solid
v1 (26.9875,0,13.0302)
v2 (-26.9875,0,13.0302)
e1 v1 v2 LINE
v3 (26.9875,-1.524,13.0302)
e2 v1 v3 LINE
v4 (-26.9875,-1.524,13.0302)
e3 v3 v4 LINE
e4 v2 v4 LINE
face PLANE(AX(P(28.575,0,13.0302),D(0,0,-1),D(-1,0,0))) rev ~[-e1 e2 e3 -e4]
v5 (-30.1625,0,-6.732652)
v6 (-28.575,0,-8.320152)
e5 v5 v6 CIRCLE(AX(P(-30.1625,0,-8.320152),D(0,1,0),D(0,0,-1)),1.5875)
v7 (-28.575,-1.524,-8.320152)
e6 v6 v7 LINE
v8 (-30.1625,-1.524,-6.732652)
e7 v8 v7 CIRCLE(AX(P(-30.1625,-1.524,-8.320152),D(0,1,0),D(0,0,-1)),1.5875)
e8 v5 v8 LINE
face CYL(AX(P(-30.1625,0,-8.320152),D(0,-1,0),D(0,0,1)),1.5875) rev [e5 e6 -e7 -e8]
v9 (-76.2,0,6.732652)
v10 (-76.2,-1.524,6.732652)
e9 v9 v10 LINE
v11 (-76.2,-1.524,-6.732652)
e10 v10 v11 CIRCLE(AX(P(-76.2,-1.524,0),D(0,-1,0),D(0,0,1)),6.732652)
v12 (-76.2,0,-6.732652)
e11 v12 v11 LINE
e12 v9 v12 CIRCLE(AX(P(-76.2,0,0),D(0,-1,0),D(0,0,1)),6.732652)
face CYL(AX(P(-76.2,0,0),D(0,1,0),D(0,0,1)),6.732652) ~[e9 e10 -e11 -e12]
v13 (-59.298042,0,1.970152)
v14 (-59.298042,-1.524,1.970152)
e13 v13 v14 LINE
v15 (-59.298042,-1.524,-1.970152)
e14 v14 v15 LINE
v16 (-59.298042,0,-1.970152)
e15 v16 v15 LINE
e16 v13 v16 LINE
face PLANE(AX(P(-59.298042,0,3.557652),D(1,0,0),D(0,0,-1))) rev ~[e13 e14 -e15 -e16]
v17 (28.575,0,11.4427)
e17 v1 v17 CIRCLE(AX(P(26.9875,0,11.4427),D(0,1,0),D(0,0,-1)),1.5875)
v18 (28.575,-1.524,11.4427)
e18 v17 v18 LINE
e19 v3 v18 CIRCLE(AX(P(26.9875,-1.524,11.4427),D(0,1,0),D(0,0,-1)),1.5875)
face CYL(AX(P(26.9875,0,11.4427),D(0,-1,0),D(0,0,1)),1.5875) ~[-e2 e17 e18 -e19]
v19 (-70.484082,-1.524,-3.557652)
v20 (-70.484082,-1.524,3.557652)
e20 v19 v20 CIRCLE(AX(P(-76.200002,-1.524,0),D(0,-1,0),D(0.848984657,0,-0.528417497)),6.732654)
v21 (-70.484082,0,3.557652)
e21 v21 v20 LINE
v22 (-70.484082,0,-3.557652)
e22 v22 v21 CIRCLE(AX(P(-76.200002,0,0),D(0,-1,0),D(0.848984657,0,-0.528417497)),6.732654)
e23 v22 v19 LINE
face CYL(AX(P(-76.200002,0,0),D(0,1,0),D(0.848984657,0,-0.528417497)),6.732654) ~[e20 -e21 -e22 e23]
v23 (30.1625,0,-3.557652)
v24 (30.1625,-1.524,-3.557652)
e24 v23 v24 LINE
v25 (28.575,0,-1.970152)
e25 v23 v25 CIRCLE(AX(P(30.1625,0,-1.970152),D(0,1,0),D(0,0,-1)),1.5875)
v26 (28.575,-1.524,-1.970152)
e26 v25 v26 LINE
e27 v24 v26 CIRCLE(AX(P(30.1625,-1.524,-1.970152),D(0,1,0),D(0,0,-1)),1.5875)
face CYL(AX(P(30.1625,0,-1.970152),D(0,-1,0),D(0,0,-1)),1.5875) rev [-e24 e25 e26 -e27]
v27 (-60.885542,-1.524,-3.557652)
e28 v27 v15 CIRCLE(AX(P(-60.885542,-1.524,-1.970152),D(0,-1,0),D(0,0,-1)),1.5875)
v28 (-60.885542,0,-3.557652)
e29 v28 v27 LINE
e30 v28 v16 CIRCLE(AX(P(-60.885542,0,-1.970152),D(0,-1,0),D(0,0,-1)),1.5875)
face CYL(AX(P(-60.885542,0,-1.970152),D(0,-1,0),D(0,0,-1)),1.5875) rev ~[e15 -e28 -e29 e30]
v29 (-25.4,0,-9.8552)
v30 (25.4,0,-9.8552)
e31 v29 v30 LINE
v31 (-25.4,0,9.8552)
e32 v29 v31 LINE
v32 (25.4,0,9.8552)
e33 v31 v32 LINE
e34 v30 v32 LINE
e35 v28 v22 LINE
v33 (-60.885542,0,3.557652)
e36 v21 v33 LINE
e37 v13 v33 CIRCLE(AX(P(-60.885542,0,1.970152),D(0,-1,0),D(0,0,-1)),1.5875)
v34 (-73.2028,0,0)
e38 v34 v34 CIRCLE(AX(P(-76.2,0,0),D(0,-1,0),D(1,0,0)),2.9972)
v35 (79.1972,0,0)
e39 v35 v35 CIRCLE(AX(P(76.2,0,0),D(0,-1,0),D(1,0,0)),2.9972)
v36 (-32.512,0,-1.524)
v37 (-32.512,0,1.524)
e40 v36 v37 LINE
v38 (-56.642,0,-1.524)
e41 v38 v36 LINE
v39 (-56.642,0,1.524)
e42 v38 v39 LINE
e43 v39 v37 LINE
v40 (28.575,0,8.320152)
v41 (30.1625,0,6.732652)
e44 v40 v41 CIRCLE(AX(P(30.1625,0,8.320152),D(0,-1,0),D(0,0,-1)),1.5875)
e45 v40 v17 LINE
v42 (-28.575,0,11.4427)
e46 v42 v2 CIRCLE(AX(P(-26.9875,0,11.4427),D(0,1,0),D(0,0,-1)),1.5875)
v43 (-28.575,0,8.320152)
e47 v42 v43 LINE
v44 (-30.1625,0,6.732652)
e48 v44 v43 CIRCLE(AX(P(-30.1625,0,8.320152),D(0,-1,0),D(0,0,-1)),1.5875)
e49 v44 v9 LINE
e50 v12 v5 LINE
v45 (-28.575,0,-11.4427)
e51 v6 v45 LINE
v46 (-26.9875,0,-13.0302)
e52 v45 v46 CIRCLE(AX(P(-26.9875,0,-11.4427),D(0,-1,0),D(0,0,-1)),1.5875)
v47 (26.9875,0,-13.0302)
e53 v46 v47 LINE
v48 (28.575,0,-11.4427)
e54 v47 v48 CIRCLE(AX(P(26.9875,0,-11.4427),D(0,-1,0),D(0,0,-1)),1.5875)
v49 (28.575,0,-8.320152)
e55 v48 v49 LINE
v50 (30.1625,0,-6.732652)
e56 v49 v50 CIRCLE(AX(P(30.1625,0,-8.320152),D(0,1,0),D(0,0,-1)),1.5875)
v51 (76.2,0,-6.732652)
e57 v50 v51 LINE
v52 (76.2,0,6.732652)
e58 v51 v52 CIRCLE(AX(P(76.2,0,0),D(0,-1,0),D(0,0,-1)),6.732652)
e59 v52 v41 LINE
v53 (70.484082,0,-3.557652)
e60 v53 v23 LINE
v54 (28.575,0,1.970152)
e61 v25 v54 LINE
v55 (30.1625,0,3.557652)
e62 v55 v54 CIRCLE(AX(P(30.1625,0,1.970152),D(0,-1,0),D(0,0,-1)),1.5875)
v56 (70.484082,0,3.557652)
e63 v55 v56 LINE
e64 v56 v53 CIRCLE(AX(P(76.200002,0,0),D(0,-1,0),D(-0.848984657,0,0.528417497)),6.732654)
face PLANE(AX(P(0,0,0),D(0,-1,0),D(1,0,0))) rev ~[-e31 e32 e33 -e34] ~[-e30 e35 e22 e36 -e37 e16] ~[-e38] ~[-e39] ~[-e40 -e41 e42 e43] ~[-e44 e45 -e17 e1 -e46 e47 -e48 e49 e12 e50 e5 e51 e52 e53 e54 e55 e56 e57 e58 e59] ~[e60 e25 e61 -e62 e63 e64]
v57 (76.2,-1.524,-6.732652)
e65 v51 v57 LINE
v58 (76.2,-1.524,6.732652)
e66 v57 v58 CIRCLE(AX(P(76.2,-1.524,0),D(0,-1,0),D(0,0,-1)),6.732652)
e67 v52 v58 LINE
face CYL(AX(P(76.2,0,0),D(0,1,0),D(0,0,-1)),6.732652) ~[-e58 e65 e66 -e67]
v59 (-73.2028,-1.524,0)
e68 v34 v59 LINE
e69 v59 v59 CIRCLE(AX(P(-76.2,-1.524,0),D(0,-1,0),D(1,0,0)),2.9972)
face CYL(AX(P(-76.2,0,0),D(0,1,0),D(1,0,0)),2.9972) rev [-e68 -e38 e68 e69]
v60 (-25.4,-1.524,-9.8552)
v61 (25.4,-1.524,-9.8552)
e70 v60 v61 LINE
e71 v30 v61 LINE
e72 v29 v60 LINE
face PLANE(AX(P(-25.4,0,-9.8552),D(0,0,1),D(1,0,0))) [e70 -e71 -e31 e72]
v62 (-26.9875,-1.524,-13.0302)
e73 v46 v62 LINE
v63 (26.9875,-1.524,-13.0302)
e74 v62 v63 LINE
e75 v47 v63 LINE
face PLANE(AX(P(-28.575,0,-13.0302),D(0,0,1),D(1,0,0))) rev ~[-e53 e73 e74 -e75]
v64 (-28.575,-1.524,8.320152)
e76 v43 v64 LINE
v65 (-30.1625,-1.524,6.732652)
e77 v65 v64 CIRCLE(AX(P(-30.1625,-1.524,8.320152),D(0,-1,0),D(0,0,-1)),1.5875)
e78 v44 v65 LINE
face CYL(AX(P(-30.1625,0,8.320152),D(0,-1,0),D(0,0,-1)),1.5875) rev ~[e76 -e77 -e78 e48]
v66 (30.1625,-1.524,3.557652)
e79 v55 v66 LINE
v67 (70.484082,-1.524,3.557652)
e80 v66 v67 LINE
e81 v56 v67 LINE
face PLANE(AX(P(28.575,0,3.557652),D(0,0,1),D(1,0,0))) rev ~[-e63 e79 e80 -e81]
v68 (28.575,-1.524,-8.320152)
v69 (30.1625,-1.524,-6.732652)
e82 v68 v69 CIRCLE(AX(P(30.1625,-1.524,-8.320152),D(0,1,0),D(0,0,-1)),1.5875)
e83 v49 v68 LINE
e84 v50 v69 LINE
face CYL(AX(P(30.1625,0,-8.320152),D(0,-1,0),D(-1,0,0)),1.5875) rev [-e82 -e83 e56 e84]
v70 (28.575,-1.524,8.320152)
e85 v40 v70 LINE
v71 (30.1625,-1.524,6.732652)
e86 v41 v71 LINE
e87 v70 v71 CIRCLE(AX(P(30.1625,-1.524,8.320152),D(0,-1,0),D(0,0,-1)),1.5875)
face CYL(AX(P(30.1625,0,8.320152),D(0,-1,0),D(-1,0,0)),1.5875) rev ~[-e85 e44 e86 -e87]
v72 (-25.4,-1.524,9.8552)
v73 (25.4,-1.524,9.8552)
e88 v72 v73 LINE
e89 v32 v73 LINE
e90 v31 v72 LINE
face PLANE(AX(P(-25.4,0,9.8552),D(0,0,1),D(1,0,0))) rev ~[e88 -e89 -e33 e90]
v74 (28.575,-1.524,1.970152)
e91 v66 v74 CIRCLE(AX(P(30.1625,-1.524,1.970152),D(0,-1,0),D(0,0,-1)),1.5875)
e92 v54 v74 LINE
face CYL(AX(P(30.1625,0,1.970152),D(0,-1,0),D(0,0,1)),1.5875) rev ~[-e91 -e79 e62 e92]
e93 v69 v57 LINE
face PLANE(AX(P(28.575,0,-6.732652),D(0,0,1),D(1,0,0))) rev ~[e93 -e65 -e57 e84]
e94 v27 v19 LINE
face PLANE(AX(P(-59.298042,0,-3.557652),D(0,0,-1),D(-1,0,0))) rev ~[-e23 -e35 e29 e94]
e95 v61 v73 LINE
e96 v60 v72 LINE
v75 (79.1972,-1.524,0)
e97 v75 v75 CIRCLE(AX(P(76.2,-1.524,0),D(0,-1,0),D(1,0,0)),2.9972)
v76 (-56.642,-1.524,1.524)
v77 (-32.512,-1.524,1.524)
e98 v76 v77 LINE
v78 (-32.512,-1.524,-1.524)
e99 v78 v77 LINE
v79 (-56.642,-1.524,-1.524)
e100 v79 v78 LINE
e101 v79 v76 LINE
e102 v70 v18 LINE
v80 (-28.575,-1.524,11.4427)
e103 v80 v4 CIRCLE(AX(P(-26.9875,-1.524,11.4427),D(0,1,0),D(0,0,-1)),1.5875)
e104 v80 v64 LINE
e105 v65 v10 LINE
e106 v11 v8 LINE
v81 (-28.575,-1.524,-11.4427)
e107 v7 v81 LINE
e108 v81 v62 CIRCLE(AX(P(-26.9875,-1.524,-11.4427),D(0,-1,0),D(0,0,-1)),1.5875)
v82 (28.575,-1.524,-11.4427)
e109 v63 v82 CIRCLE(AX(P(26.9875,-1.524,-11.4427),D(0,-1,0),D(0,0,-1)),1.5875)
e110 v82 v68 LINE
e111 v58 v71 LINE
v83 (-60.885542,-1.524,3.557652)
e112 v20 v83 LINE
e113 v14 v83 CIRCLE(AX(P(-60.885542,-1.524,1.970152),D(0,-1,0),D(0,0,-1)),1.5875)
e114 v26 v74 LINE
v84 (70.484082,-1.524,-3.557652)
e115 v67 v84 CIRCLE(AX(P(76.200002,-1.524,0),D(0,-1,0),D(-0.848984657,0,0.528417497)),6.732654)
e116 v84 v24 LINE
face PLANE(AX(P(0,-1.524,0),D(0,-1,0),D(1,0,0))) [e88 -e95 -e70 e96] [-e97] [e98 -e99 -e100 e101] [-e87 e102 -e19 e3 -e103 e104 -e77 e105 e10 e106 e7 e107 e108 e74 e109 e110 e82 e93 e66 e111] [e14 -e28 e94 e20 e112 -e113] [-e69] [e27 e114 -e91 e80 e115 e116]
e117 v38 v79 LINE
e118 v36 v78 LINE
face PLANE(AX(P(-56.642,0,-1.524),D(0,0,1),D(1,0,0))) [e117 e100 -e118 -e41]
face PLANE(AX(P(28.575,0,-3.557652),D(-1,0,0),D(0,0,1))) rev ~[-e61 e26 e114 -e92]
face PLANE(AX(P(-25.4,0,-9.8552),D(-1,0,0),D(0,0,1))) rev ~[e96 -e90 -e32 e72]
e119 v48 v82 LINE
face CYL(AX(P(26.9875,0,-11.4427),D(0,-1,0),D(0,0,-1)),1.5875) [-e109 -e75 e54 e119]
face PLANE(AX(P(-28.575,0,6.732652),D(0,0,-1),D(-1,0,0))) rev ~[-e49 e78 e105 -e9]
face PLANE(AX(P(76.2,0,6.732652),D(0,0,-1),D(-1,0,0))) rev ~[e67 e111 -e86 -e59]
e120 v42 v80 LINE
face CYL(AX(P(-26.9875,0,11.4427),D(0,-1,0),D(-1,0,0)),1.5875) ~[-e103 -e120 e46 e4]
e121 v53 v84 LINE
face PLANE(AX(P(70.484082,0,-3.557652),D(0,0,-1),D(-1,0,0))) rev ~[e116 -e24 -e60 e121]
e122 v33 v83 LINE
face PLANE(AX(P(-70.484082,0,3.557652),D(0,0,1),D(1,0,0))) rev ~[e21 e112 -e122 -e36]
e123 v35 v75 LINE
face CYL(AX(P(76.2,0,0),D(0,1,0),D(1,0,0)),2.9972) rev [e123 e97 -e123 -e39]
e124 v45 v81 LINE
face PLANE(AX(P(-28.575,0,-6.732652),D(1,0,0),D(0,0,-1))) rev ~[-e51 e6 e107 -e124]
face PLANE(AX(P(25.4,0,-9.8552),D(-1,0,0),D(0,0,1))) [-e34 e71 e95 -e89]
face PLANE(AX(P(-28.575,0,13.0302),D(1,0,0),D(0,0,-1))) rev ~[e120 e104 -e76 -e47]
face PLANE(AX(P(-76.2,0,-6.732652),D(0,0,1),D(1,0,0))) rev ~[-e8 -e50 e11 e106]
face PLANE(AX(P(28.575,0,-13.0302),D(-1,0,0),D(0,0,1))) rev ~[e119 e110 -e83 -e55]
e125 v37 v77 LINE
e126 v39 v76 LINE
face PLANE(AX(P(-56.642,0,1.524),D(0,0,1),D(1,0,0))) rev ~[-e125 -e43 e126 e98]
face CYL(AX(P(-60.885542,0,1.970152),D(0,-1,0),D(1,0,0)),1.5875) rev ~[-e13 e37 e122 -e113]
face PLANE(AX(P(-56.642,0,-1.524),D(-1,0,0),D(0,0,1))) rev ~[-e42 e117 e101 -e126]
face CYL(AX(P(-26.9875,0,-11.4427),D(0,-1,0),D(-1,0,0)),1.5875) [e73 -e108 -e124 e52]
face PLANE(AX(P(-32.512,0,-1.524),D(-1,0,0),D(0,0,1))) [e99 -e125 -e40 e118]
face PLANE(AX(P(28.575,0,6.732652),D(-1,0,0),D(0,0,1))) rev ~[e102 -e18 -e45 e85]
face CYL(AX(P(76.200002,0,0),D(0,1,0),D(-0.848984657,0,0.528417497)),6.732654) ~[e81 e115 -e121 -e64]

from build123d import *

# Parameters (mm, degrees)
F0_R     = 2.9972
F0_W     = 24.13
F0_H     = 3.048
F0_W_2   = 50.8
F0_H_2   = 19.7104
F1_DEPTH = 1.524
F2_R     = 1.5875


with BuildPart() as f1:
    # F0 (on Front) → F1 (new body)
    with BuildSketch(Plane.XZ):
        with BuildLine():
            ThreePointArc((-76.2, 6.732652), (-82.932652, 0), (-76.2, -6.732652))
            Line((-76.2, -6.732652), (-28.575, -6.732652))
            Line((-28.575, -6.732652), (-28.575, -13.0302))
            Line((-28.575, -13.0302), (28.575, -13.0302))
            Line((28.575, -13.0302), (28.575, -6.732652))
            Line((28.575, -6.732652), (76.2, -6.732652))
            ThreePointArc((76.2, -6.732652), (82.932652, 0), (76.2, 6.732652))
            Line((76.2, 6.732652), (28.575, 6.732652))
            Line((28.575, 6.732652), (28.575, 13.0302))
            Line((28.575, 13.0302), (-28.575, 13.0302))
            Line((-28.575, 13.0302), (-28.575, 6.732652))
            Line((-28.575, 6.732652), (-76.2, 6.732652))
        make_face()
        with Locations((-76.2, 0)):
            Circle(F0_R, mode=Mode.SUBTRACT)
        with Locations((-44.577, 0)):
            Rectangle(F0_W, F0_H, mode=Mode.SUBTRACT)
        Rectangle(F0_W_2, F0_H_2, mode=Mode.SUBTRACT)
        with Locations((76.2, 0)):
            Circle(F0_R, mode=Mode.SUBTRACT)
        with BuildLine():
            ThreePointArc((-70.484082, -3.557652), (-69.467348, 0), (-70.484082, 3.557652))
            Line((-70.484082, 3.557652), (-59.298042, 3.557652))
            Line((-59.298042, 3.557652), (-59.298042, -3.557652))
            Line((-59.298042, -3.557652), (-70.484082, -3.557652))
        make_face(mode=Mode.SUBTRACT)
        with BuildLine():
            Line((28.575, -3.557652), (28.575, 3.557652))
            Line((28.575, 3.557652), (70.484082, 3.557652))
            ThreePointArc((70.484082, 3.557652), (69.467348, 0), (70.484082, -3.557652))
            Line((70.484082, -3.557652), (28.575, -3.557652))
        make_face(mode=Mode.SUBTRACT)
    extrude(amount=F1_DEPTH)

    # F2
    f2_edges = [f1.edges().sort_by_distance(p)[0] for p in [
        (-28.575, -0.762, 13.0302),
        (28.575, -0.762, 13.0302),
        (28.575, -0.762, -13.0302),
        (-28.575, -0.762, -13.0302),
        (-28.575, -0.762, -6.732652),
        (-28.575, -0.762, 6.732652),
        (28.575, -0.762, 6.732652),
        (28.575, -0.762, 3.557652),
        (28.575, -0.762, -6.732652),
        (28.575, -0.762, -3.557652),
        (-59.298042, -0.762, 3.557652),
        (-59.298042, -0.762, -3.557652),
    ]]
    fillet(f2_edges, radius=F2_R)


solid = f1.part
